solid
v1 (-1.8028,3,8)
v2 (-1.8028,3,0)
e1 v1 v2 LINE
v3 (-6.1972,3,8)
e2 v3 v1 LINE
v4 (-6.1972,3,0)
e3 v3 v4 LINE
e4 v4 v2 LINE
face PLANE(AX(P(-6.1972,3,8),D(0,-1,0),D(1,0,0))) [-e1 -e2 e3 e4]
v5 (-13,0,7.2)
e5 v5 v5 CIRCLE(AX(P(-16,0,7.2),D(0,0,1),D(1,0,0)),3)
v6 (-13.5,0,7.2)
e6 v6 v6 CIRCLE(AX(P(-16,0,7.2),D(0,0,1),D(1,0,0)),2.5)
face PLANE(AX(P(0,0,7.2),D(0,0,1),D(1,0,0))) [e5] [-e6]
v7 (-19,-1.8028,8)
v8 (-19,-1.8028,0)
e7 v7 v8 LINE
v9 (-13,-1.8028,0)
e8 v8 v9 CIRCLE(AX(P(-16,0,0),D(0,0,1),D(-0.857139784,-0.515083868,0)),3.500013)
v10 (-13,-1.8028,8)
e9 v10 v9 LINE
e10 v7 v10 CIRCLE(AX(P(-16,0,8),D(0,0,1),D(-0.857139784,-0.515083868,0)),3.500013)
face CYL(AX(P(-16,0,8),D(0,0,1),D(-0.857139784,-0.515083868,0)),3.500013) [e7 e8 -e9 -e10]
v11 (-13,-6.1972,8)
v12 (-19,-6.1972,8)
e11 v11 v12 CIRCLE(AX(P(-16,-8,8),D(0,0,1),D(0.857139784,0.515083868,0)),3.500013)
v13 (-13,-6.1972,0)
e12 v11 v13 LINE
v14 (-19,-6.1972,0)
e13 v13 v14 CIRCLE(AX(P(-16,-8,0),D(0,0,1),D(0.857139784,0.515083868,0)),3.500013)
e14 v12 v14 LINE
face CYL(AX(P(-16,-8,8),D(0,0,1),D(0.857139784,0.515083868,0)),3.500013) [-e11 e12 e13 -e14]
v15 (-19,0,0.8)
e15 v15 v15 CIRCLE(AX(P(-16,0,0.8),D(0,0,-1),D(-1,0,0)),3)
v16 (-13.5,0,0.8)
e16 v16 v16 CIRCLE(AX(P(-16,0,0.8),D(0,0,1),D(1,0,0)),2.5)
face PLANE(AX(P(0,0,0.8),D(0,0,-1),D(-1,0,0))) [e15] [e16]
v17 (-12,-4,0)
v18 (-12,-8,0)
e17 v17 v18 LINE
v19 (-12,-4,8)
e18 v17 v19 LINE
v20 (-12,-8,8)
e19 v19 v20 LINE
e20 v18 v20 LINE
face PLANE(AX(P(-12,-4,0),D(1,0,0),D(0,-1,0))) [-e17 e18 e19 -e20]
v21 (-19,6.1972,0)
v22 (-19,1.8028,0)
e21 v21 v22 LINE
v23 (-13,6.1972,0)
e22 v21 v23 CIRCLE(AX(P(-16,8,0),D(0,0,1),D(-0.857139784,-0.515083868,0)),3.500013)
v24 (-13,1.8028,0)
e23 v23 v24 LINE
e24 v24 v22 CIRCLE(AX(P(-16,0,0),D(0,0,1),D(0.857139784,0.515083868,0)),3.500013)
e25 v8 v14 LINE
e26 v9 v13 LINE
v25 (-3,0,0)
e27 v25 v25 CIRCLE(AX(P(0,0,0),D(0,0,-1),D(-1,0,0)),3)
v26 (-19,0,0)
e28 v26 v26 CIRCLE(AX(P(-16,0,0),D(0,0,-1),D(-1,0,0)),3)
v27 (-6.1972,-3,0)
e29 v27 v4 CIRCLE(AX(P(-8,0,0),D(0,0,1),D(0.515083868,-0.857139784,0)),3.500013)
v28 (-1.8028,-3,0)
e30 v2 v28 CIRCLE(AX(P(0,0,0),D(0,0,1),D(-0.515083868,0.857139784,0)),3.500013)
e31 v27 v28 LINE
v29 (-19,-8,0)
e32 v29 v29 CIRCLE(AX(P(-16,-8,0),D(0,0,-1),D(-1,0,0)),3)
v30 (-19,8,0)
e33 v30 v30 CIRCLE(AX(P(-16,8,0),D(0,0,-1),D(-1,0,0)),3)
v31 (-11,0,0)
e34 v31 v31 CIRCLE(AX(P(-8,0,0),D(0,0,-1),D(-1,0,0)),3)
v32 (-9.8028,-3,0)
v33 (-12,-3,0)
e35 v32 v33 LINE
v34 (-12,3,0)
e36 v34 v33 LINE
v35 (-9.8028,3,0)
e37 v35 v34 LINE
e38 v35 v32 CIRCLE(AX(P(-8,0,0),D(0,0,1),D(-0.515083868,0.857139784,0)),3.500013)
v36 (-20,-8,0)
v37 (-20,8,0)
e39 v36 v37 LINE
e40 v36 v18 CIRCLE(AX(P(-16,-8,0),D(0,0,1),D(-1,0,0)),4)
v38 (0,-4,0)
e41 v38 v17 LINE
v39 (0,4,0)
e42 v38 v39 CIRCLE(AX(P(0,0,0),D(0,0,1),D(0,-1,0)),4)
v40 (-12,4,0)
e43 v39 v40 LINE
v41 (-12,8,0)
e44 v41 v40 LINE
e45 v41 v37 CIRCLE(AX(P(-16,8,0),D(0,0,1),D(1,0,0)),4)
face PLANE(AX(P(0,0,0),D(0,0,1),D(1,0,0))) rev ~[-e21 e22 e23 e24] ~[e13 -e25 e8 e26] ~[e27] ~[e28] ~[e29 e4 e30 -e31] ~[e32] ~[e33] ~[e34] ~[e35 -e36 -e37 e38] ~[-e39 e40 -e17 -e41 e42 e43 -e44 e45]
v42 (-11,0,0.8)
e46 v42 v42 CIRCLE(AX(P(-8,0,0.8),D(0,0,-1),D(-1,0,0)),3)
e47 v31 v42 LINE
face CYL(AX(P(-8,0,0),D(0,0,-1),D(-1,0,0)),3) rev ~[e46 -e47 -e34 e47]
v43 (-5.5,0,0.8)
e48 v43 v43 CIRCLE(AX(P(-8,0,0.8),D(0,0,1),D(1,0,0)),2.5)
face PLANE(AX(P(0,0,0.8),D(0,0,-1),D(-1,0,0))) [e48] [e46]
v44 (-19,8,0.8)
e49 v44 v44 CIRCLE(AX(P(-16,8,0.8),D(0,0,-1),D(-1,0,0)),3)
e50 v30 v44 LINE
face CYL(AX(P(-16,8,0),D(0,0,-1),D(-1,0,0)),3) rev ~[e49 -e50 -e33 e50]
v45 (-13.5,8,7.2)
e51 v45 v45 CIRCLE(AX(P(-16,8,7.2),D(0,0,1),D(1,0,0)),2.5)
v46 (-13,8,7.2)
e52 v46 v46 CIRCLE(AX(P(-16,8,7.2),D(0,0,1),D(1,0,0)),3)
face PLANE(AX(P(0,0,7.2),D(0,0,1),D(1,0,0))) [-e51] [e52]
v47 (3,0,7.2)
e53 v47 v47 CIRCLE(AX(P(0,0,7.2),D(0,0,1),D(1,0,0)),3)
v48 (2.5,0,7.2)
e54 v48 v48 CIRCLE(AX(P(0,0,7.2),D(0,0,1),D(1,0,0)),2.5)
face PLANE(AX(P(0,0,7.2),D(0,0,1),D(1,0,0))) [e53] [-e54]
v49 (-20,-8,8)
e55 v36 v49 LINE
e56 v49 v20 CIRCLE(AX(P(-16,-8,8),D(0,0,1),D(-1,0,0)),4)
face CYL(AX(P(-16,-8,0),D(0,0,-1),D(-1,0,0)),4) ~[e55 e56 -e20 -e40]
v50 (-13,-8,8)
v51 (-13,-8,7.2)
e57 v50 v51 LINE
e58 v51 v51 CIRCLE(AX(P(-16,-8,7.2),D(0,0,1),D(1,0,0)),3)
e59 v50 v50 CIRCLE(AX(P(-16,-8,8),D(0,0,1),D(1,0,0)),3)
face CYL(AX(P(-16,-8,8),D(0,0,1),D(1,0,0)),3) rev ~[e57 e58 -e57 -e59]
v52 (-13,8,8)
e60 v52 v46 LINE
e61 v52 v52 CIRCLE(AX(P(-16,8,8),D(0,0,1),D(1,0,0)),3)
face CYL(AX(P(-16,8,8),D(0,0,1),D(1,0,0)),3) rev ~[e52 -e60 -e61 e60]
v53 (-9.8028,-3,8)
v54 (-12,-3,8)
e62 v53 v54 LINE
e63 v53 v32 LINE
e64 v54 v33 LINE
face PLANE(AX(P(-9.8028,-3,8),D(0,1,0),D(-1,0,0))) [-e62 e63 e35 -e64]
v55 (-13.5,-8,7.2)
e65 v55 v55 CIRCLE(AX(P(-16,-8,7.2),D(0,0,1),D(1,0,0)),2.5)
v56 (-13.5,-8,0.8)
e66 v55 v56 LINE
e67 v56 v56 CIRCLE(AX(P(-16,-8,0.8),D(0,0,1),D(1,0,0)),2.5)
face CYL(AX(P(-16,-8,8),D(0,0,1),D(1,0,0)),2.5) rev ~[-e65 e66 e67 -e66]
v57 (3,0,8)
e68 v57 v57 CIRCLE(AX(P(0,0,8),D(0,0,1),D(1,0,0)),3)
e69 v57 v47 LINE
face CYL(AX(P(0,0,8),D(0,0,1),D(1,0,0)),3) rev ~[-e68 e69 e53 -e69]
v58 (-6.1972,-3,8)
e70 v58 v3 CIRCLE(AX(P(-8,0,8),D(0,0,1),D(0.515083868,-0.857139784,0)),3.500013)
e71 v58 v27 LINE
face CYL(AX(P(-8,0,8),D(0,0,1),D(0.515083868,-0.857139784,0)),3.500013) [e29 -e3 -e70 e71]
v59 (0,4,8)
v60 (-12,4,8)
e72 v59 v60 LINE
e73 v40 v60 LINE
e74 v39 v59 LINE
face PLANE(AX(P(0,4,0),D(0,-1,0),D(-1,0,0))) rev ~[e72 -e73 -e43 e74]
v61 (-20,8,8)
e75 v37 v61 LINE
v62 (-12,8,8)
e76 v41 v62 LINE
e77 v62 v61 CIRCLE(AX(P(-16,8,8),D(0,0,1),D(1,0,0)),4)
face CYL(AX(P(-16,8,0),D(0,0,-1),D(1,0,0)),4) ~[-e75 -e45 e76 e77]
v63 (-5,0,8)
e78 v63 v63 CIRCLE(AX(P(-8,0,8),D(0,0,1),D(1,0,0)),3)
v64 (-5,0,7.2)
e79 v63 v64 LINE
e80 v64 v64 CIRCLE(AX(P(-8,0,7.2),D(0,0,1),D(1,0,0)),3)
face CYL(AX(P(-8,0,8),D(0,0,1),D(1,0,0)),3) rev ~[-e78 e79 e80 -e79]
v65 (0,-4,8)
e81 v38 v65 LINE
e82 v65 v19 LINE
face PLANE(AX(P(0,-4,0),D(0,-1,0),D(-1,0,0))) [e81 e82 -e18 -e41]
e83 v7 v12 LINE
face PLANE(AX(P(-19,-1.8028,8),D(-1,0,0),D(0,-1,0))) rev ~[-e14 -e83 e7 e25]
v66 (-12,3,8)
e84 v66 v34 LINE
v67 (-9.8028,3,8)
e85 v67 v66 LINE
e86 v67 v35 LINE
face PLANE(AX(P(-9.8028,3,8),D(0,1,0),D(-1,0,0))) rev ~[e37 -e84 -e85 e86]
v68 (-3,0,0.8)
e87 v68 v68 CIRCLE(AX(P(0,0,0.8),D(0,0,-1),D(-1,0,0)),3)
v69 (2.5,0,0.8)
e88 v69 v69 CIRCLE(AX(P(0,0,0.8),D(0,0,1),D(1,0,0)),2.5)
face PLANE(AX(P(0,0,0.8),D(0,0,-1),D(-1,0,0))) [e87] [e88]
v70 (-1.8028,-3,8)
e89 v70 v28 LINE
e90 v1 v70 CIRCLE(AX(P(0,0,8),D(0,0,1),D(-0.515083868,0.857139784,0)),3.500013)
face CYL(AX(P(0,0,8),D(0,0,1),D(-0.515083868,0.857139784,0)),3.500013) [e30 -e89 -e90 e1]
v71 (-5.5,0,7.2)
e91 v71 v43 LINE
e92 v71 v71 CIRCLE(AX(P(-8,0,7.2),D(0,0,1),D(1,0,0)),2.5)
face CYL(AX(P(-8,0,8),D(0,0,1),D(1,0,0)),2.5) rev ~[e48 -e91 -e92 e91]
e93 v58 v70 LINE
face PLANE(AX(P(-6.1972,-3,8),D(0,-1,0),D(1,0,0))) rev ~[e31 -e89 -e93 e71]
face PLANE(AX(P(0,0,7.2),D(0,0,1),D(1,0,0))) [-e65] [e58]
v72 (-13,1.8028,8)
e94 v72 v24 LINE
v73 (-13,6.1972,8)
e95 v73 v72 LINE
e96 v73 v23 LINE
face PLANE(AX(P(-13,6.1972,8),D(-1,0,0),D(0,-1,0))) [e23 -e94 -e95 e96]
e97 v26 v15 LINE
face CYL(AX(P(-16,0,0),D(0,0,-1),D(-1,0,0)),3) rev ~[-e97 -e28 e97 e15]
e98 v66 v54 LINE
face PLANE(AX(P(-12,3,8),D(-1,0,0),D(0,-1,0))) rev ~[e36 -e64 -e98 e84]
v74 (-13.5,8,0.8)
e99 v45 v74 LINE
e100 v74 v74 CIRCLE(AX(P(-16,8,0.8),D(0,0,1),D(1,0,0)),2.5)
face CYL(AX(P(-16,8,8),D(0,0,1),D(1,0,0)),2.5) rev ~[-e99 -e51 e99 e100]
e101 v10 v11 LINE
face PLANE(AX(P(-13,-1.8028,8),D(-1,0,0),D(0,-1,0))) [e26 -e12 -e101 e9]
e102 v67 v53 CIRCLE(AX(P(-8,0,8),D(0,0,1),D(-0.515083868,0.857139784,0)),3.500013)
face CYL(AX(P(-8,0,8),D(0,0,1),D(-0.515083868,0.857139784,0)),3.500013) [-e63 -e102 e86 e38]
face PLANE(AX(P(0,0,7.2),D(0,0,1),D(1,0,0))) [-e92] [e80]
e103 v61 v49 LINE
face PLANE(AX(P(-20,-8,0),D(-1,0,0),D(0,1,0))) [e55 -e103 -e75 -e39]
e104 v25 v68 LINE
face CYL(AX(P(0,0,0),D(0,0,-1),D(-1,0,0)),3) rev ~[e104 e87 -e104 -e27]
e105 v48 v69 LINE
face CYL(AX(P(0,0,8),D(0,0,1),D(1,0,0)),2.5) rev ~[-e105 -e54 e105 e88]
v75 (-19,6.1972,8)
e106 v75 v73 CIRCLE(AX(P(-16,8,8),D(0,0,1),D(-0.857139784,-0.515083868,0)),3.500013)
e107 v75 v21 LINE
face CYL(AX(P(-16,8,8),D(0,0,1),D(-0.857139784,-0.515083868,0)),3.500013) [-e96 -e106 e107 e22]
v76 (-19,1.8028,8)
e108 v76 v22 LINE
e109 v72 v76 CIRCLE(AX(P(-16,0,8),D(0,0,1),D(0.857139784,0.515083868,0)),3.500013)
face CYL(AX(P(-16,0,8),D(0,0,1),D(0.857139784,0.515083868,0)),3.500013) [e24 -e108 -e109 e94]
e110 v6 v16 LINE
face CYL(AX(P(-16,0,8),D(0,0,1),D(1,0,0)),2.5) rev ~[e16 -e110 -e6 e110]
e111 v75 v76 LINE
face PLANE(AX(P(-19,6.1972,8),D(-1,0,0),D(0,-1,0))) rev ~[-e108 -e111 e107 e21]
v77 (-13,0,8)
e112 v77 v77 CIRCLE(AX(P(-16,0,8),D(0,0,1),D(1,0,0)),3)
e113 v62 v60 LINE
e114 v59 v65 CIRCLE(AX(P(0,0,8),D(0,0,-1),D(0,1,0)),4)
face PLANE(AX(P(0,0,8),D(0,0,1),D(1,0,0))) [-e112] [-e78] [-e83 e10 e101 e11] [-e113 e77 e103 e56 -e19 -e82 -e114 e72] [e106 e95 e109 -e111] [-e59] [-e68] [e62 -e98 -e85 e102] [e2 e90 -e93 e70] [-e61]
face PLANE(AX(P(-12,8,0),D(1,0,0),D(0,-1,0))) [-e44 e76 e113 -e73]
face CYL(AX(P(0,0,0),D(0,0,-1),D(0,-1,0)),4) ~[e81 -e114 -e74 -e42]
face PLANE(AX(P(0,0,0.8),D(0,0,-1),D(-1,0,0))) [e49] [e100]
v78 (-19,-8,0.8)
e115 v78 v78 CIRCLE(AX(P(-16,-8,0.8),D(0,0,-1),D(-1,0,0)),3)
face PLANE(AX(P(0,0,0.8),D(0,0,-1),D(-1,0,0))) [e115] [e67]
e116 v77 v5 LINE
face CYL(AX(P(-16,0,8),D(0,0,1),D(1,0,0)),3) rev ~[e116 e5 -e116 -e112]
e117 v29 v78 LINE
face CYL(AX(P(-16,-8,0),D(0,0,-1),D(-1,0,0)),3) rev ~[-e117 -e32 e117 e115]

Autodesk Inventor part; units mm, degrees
ref_plane "YZ Plane" through (0, 0, 0) normal (1, 0, 0) x (0, 1, 0)
ref_plane "XZ Plane" through (0, 0, 0) normal (0, 1, 0) x (-1, 0, 0)
ref_plane "XY Plane" through (0, 0, 0) normal (0, 0, 1) x (1, 0, 0)
sketch "Sketch1" plane through (0, 0, 0) normal (0, 0, 1) x (1, 0, 0)
  arc A0 (0, -4) -> (0, 4) centre (0, 0) ccw
  arc A1 (-12, 8) -> (-20, 8) centre (-16, 8) ccw
  arc A2 (-20, -8) -> (-12, -8) centre (-16, -8) ccw
  line L0 (-20, -8) -> (-20, 8)
  line L1 (0, 4) -> (-12, 4)
  line L2 (0, -4) -> (-12, -4)
  line L3 (-12, 8) -> (-12, 4)
  line L4 (-12, -4) -> (-12, -8)
  line L5 (-24.8, 0) -> (8.8, 0) projected
  line L6 (0, -16.8) -> (0, 16.8) projected
  dimension "d3" = 4
  dimension "d4" = 4
  dimension "d5" = 4
  dimension "d6" = 16
  dimension "d8" = 8
  dimension "d10" = 16
  dimension "d11" = 0
  dimension "d12" = 0
  dimension "d13" = 4
extrude "Extrusion1" add sketch "Sketch1" along normal blind 8
sketch "Sketch3" plane through (0, 0, 8) normal (0, 0, 1) x (1, 0, 0)
  arc A0 (0, -4) -> (0, 4) centre (0, 0) ccw projected
  circle A1 centre (0, 0) radius 2.5
  line L0 (-24.8, 0) -> (8.8, 0) projected
  circle A2 centre (-8, 0) radius 2.5
  dimension "d24" = 5
  dimension "d30" = 8
extrude "Extrusion2" cut sketch "Sketch3" against normal through all
sketch "Sketch4" plane through (0, 0, 8) normal (0, 0, 1) x (1, 0, 0)
  arc A0 (-20, -8) -> (-12, -8) centre (-16, -8) ccw projected
  circle A1 centre (-16, -8) radius 2.5
  line L0 (0, -16.8) -> (0, 16.8) projected
  circle A2 centre (-16, 0) radius 2.5
  circle A3 centre (-16, 8) radius 2.5
  dimension "d34" = 5
  dimension "d40" = 8
extrude "Extrusion3" cut sketch "Sketch4" against normal through all
sketch "Sketch5" plane through (0, 0, 8) normal (0, 0, 1) x (1, 0, 0)
  circle A0 centre (-16, 8) radius 2.5 projected
  circle A1 centre (-16, 0) radius 2.5 projected
  circle A2 centre (-16, -8) radius 2.5 projected
  circle A3 centre (-8, 0) radius 2.5 projected
  circle A4 centre (0, 0) radius 2.5 projected
  arc A5 (-20, -8) -> (-12, -8) centre (-16, -8) ccw projected
  arc A6 (0, -4) -> (0, 4) centre (0, 0) ccw projected
  arc A7 (-12, 8) -> (-20, 8) centre (-16, 8) ccw projected
  circle A8 centre (-16, -8) radius 3
  circle A9 centre (-16, 0) radius 3
  circle A10 centre (-16, 8) radius 3
  circle A11 centre (-8, 0) radius 3
  circle A12 centre (0, 0) radius 3
  dimension "d44" = 6
  dimension "d45" = 6
  dimension "d46" = 6
  dimension "d47" = 6
  dimension "d48" = 6
extrude "Extrusion4" cut sketch "Sketch5" against normal blind 0.8
sketch "Sketch6" plane through (0, 0, 0) normal (0, 0, -1) x (-1, 0, 0)
  circle A0 centre (16, 8) radius 2.5 projected
  circle A1 centre (16, 0) radius 2.5 projected
  circle A2 centre (16, -8) radius 2.5 projected
  circle A3 centre (8, 0) radius 2.5 projected
  circle A4 centre (0, 0) radius 2.5 projected
  arc A5 (12, -8) -> (20, -8) centre (16, -8) ccw projected
  arc A6 (20, 8) -> (12, 8) centre (16, 8) ccw projected
  arc A7 (0, 4) -> (0, -4) centre (0, 0) ccw projected
  circle A8 centre (8, 0) radius 3
  circle A9 centre (16, 8) radius 3
  circle A10 centre (0, 0) radius 3
  circle A11 centre (16, 0) radius 3
  circle A12 centre (16, -8) radius 3
  dimension "d52" = 6
  dimension "d53" = 6
  dimension "d54" = 6
  dimension "d55" = 6
  dimension "d56" = 6
extrude "Extrusion5" cut sketch "Sketch6" against normal blind 0.8
sketch "Sketch7" plane through (0, 0, 8) normal (0, 0, 1) x (1, 0, 0)
  circle A0 centre (-16, -8) radius 3 projected
  circle A1 centre (-16, 0) radius 3 projected
  arc A2 (-20, -8) -> (-12, -8) centre (-16, -8) ccw projected
  arc A3 (-13, -6.1972) -> (-19, -6.1972) centre (-16, -8) ccw
  line L0 (-19, -1.8028) -> (-19, -6.1972)
  line L1 (-13, -1.8028) -> (-13, -6.1972)
  arc A4 (-19, -1.8028) -> (-13, -1.8028) centre (-16, 0) ccw
  line L2 (0, -16.8) -> (0, 16.8) projected
  arc A5 (-13, 1.8028) -> (-19, 1.8028) centre (-16, 0) ccw
  line L3 (-19, 6.1972) -> (-19, 1.8028)
  line L4 (-13, 6.1972) -> (-13, 1.8028)
  arc A6 (-19, 6.1972) -> (-13, 6.1972) centre (-16, 8) ccw
  dimension "d59" = 3.5
  dimension "d60" = 3.5
  dimension "d66" = 8
extrude "Extrusion6" cut sketch "Sketch7" against normal through all contours A3 L0 A4 L1 | A5 L3 A6 L4
sketch "Sketch8" plane through (0, 0, 8) normal (0, 0, 1) x (1, 0, 0)
  line L0 (-13, -1.8028) -> (-13, -6.1972) projected
  circle A0 centre (-16, 0) radius 3 projected
  circle A1 centre (-8, 0) radius 3 projected
  arc A2 (0, -4) -> (0, 4) centre (0, 0) ccw projected
  line L1 (-12, 4) -> (0, 4) projected
  line L2 (-12, 8) -> (-12, 4) projected
  arc A3 (-1.8028, 3) -> (-1.8028, -3) centre (0, 0) ccw
  line L3 (-12, 3) -> (-12, -3)
  line L4 (-6.1972, -3) -> (-1.8028, -3)
  line L5 (-6.1972, 3) -> (-1.8028, 3)
  arc A4 (-9.8028, 3) -> (-9.8028, -3) centre (-8, 0) ccw
  arc A5 (-6.1972, -3) -> (-6.1972, 3) centre (-8, 0) ccw
  line L6 (-9.8028, 3) -> (-12, 3)
  line L7 (-9.8028, -3) -> (-12, -3)
  dimension "d72" = 3.5
  dimension "d73" = 3.5
  dimension "d74" = 3.5
  dimension "d75" = 2.1972
extrude "Extrusion7" cut sketch "Sketch8" against normal through all contours A3 L4 A5 L5 | L6 A4 L7 L3
properties part number "5TM Beam"
